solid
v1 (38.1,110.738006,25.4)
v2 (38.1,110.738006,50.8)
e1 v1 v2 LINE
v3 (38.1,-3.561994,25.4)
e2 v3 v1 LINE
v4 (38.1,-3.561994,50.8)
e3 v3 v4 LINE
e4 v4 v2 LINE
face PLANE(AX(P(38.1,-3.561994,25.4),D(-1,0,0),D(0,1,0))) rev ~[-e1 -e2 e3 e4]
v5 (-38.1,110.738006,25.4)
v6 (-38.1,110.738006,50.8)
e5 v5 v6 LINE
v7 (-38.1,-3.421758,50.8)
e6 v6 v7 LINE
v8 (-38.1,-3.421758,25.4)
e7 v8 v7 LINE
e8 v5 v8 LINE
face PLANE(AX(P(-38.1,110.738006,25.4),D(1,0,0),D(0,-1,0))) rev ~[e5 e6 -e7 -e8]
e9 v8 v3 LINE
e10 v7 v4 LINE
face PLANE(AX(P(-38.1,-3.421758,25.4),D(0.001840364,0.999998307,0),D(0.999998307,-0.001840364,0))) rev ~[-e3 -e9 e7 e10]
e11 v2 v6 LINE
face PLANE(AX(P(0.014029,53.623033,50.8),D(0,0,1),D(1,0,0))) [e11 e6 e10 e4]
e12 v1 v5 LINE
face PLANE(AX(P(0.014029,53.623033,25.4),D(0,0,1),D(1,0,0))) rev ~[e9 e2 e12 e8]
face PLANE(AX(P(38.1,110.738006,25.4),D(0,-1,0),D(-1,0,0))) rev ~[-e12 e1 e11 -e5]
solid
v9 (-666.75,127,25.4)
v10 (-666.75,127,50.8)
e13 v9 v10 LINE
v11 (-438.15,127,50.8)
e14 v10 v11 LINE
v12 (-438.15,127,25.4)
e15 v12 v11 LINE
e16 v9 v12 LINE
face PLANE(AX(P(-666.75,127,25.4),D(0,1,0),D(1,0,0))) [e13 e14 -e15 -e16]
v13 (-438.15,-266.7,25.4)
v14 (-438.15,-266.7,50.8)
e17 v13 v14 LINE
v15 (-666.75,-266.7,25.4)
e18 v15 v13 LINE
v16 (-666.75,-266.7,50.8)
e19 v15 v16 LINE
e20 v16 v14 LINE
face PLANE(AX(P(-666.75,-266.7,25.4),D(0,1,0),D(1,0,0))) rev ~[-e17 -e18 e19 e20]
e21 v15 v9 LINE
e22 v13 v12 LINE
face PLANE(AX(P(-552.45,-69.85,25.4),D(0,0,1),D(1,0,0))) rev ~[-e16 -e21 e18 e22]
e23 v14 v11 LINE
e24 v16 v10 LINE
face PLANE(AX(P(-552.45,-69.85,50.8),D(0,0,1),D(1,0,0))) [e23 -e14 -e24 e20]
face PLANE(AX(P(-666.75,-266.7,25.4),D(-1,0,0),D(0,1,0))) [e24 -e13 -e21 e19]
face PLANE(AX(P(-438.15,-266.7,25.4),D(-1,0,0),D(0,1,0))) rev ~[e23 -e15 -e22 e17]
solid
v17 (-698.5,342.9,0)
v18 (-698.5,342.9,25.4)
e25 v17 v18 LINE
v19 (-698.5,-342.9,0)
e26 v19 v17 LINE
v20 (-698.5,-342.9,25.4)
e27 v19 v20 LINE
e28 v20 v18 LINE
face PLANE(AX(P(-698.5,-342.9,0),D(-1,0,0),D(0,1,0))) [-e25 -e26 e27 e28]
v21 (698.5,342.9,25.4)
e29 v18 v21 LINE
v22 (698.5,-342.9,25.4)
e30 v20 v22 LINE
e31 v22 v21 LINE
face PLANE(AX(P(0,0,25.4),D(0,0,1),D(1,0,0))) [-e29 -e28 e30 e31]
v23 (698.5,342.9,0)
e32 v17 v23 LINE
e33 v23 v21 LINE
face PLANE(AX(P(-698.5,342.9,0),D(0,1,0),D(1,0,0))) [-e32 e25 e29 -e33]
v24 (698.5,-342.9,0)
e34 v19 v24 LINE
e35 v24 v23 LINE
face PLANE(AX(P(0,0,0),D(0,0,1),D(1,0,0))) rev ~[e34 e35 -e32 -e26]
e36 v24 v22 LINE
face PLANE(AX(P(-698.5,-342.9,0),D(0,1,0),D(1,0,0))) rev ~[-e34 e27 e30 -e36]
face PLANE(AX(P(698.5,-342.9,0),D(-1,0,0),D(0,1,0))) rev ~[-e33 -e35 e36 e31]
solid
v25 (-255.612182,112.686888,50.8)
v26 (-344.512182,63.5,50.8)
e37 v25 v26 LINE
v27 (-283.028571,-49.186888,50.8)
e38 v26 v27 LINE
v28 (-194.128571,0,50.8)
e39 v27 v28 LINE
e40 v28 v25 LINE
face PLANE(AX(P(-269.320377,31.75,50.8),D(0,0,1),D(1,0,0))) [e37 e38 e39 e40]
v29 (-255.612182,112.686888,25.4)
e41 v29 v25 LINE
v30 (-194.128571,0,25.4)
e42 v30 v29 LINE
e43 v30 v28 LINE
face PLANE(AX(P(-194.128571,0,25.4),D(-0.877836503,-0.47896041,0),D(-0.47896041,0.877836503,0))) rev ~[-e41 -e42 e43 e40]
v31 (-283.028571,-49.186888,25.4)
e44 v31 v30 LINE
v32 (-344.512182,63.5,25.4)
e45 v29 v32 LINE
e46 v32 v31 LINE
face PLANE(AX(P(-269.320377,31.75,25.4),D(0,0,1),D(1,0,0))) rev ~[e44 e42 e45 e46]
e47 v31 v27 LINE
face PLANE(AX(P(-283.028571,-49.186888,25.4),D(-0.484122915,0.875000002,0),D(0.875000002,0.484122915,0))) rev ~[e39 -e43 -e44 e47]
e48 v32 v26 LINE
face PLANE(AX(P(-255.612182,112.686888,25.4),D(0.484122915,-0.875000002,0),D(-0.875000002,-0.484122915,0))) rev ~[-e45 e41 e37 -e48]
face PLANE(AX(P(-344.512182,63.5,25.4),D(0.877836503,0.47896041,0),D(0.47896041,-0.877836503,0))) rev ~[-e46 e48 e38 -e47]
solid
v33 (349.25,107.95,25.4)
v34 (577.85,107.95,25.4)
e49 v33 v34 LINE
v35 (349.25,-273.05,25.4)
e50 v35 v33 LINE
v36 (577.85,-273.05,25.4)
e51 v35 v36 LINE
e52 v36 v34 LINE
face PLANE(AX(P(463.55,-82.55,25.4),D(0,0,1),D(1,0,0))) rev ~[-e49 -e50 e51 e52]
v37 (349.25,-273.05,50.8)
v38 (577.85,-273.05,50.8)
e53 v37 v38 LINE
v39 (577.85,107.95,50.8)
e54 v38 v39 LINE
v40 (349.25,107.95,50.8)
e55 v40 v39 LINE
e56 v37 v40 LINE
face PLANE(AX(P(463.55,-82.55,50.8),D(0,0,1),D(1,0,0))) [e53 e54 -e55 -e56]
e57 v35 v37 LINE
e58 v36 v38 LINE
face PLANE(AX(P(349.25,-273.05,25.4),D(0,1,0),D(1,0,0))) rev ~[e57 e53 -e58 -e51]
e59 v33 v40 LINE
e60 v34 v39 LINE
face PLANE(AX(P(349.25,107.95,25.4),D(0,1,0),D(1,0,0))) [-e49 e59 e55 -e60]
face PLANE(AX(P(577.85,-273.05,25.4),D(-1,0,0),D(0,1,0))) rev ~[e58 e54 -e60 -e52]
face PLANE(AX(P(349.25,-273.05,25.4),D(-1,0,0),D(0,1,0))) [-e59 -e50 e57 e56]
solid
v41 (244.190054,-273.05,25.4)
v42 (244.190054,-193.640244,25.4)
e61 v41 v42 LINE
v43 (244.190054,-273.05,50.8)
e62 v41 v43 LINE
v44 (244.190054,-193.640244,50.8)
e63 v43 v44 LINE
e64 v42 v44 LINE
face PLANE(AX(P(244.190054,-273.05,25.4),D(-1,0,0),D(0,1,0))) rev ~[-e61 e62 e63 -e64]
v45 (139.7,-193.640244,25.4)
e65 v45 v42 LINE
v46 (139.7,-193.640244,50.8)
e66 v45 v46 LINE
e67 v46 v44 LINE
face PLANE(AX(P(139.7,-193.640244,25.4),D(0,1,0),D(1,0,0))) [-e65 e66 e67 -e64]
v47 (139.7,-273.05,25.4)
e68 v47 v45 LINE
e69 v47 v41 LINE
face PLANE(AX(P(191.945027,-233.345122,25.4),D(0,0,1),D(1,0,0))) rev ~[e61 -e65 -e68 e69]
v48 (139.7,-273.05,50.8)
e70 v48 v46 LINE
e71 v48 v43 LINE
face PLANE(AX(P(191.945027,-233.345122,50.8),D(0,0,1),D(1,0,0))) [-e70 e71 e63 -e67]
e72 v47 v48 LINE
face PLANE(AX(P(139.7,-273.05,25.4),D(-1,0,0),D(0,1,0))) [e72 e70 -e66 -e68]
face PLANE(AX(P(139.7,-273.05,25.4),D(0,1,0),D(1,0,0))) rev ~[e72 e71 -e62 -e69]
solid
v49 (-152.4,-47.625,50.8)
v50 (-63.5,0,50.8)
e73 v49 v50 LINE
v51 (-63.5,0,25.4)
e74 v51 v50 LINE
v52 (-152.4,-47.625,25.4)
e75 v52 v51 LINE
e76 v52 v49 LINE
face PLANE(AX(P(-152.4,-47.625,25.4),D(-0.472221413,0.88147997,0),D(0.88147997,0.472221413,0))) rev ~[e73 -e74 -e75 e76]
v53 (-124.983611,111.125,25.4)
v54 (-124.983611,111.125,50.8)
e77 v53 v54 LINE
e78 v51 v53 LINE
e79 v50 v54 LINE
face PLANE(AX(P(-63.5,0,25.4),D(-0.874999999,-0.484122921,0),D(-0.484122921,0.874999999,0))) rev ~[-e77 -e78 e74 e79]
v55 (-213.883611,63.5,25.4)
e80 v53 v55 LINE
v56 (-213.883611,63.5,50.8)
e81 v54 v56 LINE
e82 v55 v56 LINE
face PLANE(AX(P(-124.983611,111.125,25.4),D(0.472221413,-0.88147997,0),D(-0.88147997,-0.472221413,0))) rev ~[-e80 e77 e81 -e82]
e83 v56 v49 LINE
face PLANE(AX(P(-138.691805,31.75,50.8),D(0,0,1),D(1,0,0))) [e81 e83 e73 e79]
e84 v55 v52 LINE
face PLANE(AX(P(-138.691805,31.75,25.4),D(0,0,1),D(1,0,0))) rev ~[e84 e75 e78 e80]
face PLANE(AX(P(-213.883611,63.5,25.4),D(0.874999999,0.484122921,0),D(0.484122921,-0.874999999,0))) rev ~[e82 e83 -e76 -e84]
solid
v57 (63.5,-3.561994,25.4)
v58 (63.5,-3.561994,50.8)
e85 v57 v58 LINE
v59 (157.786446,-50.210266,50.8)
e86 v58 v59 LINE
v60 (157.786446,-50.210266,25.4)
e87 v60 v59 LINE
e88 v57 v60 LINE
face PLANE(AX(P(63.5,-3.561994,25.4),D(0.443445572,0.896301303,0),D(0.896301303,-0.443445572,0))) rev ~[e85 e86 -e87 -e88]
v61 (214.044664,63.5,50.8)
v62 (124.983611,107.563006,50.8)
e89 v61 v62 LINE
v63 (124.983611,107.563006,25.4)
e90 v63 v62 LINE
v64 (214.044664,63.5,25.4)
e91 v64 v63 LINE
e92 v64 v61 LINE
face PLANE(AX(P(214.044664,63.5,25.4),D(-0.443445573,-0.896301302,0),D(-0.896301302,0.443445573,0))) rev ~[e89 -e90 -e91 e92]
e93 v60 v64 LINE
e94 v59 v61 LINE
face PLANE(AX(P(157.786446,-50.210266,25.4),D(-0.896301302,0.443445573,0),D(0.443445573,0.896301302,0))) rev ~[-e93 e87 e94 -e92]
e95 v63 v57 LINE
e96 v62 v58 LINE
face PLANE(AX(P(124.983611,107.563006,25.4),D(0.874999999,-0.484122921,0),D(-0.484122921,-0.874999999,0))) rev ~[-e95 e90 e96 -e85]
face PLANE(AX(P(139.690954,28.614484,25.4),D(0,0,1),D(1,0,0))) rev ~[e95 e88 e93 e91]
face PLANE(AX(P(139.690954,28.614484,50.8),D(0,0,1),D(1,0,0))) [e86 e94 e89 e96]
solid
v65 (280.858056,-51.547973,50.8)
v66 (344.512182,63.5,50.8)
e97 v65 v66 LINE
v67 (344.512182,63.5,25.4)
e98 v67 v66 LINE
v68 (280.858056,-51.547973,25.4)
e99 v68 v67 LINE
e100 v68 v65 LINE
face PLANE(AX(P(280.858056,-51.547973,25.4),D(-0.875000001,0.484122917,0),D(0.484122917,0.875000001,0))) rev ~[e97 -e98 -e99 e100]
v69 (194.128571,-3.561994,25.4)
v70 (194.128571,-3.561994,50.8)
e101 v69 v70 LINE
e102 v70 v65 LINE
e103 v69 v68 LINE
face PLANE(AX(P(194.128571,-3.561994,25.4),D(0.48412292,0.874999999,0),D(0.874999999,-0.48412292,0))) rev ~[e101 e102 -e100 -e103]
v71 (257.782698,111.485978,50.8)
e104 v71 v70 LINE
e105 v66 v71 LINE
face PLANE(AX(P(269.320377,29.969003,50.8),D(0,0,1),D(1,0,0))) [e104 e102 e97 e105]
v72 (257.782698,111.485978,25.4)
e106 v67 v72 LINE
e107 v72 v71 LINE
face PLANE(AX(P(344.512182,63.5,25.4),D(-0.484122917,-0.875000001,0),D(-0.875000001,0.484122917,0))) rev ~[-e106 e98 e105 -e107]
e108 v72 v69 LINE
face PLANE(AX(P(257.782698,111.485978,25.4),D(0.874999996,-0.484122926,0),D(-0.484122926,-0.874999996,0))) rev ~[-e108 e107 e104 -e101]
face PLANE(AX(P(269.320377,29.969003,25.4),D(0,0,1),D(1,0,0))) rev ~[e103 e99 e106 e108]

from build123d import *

# Parameters (mm, degrees)
F0_W     = 1397
F0_H     = 685.8
F1_DEPTH = 25.4
F2_W     = 228.6
F2_H     = 393.7
F2_H_2   = 381
F2_W_2   = 104.490054
F2_H_3   = 79.409756
F3_DEPTH = 25.4


with BuildPart() as f1:
    # F0 (on Top) → F1 (new body)
    with BuildSketch(Plane.XY):
        Rectangle(F0_W, F0_H)
    extrude(amount=F1_DEPTH)


with BuildPart() as f3:
    # F2 (on face) → F3 (new body)
    with BuildSketch(Plane.XY.offset(25.4)):
        Polygon((-38.1, 110.738006), (-38.1, -3.421758), (38.1, -3.561994), (38.1, 110.738006), align=None)
        with Locations((-552.45, -69.85)):
            Rectangle(F2_W, F2_H)
        with Locations((463.55, -82.55)):
            Rectangle(F2_W, F2_H_2)
        with Locations((191.945027, -233.345122)):
            Rectangle(F2_W_2, F2_H_3)
        Polygon((124.983611, 107.563006), (63.5, -3.561994), (157.786446, -50.210266), (214.044664, 63.5), align=None)
        Polygon((257.782698, 111.485978), (194.128571, -3.561994), (280.858056, -51.547973), (344.512182, 63.5), align=None)
        Polygon((-63.5, 0), (-124.983611, 111.125), (-213.883611, 63.5), (-152.4, -47.625), align=None)
        Polygon((-194.128571, 0), (-255.612182, 112.686888), (-344.512182, 63.5), (-283.028571, -49.186888), align=None)
    extrude(amount=F3_DEPTH)


solid = Compound([f1.part, f3.part])
